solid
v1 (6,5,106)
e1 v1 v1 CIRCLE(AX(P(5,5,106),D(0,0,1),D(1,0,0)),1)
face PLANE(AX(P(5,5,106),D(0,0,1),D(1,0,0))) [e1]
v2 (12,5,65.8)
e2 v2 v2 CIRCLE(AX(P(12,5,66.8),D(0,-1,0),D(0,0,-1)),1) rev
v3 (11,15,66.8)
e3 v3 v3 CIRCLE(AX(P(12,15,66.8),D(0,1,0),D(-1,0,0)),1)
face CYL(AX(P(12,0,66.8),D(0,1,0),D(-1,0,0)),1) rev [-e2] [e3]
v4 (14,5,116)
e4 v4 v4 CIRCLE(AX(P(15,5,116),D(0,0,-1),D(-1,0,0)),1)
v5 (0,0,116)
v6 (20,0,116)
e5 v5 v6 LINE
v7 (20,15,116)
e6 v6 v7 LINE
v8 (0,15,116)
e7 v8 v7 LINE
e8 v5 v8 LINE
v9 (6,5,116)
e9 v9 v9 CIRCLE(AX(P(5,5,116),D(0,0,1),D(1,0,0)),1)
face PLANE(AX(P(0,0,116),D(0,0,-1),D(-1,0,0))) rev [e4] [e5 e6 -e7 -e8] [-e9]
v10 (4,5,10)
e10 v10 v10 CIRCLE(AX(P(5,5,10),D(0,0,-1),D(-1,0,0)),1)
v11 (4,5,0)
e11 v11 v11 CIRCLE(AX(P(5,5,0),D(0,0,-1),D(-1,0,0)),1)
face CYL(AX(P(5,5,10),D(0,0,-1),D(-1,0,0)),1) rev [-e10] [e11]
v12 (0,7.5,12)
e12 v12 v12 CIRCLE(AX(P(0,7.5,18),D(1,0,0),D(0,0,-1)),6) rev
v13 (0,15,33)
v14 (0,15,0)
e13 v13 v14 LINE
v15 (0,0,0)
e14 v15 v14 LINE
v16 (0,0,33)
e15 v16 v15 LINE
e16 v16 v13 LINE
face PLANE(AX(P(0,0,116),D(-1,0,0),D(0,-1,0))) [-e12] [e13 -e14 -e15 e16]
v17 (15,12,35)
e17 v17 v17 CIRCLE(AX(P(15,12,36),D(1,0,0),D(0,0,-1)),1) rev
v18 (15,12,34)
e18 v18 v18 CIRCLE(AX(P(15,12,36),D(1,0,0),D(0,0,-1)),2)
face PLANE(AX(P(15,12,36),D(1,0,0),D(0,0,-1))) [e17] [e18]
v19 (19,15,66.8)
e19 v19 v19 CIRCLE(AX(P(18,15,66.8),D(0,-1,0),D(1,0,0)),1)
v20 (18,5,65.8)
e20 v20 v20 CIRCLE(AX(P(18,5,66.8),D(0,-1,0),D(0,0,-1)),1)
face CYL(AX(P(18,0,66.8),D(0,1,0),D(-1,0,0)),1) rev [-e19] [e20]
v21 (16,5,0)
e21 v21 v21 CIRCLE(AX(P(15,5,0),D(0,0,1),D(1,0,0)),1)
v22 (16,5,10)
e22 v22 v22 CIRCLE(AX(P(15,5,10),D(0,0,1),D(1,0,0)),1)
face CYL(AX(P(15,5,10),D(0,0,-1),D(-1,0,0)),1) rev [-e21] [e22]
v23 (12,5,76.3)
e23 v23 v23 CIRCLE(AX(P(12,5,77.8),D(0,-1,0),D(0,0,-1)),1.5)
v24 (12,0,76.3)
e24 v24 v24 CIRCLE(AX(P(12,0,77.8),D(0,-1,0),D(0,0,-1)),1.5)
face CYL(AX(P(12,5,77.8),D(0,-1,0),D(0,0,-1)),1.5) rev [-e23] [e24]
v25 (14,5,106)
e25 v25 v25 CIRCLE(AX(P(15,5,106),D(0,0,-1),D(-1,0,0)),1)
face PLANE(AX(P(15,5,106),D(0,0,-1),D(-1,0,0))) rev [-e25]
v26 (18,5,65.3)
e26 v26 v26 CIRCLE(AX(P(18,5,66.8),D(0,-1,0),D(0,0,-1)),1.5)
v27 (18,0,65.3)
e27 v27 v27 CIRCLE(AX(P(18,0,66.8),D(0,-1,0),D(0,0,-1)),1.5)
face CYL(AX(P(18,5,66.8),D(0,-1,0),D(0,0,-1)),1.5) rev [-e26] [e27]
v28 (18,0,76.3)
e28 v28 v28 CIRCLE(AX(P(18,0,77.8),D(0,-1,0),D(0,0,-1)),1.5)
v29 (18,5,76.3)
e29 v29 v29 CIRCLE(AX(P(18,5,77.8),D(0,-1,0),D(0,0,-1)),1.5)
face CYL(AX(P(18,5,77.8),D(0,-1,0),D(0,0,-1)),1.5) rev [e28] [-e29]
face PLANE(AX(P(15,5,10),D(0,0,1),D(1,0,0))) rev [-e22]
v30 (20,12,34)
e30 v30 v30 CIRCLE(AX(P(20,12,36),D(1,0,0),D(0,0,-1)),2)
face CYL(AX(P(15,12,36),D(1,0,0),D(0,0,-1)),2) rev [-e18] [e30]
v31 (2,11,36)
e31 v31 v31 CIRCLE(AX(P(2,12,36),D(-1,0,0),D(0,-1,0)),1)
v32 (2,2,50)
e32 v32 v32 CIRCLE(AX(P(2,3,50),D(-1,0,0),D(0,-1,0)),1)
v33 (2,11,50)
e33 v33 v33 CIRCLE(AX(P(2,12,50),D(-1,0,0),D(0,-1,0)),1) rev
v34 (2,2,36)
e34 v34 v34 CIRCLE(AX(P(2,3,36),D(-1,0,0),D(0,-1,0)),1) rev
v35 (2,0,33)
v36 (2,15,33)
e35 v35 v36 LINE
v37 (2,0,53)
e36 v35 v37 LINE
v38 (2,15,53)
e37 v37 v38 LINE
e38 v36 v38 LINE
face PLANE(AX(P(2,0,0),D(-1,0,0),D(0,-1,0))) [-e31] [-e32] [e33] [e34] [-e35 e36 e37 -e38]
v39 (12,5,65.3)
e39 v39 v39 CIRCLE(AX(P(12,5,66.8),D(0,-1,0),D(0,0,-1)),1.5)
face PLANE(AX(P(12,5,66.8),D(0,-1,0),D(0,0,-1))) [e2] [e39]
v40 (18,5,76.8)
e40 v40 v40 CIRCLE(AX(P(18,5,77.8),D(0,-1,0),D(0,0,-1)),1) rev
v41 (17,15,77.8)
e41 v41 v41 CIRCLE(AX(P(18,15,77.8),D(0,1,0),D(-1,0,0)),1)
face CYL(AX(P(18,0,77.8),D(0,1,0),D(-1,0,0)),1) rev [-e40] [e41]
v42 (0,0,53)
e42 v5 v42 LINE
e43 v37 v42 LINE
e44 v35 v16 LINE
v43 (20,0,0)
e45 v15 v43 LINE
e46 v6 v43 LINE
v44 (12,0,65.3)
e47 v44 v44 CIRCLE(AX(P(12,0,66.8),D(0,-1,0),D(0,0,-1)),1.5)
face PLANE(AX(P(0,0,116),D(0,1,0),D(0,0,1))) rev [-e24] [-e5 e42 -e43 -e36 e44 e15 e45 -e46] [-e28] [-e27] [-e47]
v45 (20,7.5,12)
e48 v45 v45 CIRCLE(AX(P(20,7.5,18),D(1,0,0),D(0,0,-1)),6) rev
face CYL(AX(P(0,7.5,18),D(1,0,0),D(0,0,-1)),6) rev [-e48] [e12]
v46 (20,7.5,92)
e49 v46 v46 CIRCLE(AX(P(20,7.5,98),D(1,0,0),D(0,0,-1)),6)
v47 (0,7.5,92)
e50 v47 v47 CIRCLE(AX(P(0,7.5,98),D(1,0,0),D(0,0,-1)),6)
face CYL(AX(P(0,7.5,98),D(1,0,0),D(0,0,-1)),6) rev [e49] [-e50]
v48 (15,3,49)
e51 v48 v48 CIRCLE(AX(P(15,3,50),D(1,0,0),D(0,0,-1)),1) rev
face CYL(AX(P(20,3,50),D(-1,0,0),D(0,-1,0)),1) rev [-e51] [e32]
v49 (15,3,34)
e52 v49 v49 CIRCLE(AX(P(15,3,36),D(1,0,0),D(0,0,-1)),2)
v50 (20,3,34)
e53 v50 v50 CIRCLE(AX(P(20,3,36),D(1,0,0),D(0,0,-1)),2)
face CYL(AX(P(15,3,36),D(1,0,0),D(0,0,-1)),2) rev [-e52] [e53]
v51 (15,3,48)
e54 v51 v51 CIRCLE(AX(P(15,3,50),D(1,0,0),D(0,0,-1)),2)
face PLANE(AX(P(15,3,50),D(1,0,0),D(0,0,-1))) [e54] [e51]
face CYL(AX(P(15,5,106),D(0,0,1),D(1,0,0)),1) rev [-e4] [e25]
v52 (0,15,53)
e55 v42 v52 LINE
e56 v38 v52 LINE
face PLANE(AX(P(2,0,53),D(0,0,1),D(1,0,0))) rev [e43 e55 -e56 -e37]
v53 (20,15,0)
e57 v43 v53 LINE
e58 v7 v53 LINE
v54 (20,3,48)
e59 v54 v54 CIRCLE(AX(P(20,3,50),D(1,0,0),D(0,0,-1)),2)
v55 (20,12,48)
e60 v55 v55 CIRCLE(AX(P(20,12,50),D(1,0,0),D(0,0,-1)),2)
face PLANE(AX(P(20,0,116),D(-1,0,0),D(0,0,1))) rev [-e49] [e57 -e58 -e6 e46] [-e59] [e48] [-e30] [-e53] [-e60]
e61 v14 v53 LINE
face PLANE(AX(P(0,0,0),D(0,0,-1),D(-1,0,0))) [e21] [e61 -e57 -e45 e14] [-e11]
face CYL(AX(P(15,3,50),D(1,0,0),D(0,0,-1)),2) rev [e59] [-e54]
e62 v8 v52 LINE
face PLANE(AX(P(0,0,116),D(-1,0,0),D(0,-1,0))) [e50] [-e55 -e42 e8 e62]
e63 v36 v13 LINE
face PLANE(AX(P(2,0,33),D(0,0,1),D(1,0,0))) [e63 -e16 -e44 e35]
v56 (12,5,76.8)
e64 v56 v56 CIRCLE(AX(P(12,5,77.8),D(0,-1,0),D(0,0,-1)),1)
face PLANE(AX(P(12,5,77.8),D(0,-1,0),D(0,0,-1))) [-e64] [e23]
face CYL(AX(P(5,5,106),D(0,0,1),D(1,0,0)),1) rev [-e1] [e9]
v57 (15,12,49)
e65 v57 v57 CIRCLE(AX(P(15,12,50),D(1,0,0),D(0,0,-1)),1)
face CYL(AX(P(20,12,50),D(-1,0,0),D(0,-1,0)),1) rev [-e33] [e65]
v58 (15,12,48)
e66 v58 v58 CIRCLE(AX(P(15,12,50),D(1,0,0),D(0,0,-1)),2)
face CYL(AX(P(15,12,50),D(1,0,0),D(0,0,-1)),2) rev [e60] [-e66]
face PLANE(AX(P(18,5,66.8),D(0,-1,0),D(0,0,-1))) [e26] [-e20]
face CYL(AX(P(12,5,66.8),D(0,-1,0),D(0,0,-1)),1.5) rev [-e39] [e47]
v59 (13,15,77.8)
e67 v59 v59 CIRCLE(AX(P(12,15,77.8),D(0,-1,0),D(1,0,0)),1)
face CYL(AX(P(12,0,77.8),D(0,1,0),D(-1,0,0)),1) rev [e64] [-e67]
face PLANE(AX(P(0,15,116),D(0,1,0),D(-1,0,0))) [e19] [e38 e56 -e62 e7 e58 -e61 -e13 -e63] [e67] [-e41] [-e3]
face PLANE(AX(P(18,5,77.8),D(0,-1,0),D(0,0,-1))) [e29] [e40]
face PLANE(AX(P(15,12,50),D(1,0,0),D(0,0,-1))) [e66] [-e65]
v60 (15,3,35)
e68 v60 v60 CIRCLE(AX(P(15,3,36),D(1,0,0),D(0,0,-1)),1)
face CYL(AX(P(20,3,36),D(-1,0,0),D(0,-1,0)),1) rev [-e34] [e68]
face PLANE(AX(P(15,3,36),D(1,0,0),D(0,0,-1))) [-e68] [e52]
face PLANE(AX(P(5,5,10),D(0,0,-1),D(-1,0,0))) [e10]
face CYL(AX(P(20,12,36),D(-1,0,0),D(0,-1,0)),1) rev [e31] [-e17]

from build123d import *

# Parameters (mm, degrees)
SKETCH1_W           = 20
SKETCH1_H           = 15
BOSS_EXTRUDE1_DEPTH = 116
SKETCH1_5_R         = 1
CUT_EXTRUDE1_DEPTH  = 10
CUT_EXTRUDE2_START  = -10
SKETCH4_R           = 1
CUT_EXTRUDE2_DEPTH  = 10
SKETCH5_R           = 2.5
CUT_EXTRUDE3_DEPTH  = 119.663389468
SKETCH6_R           = 6
CUT_EXTRUDE4_DEPTH  = 119.663389468
SKETCH8_R           = 1
CUT_EXTRUDE5_DEPTH  = 119.663389468
SKETCH9_R           = 1.5
CUT_EXTRUDE6_DEPTH  = 5
SKETCH10_R          = 1
CUT_EXTRUDE7_DEPTH  = 119.663389468
SKETCH11_R          = 2
CUT_EXTRUDE8_DEPTH  = 5
SKETCH10_3_W        = 20
SKETCH10_3_H        = 15
SKETCH10_3_R        = 1
CUT_EXTRUDE9_DEPTH  = 2


with BuildPart() as part:
    # Sketch1 → Boss-Extrude1 (new body)
    with BuildSketch(Plane.XY):
        with Locations((10, 7.5)):
            Rectangle(SKETCH1_W, SKETCH1_H)
    extrude(amount=BOSS_EXTRUDE1_DEPTH)

    # Sketch1<5> → Cut-Extrude1 (cut)
    with BuildSketch(Plane.XY):
        with Locations((15, 5)):
            Circle(SKETCH1_5_R)
        with Locations((5, 5)):
            Circle(SKETCH1_5_R)
    extrude(amount=CUT_EXTRUDE1_DEPTH, mode=Mode.SUBTRACT)

    # Sketch4 → Cut-Extrude2 (cut)
    with BuildSketch(Plane.XY.offset(116).offset(CUT_EXTRUDE2_START)):
        with Locations((5, 5)):
            Circle(SKETCH4_R)
        with Locations((15, 5)):
            Circle(SKETCH4_R)
    extrude(amount=CUT_EXTRUDE2_DEPTH, mode=Mode.SUBTRACT)

    # Sketch5 → Cut-Extrude3 (cut, through all)
    with BuildSketch(Plane(origin=(20, 0, 0), x_dir=(0, 0, -1), z_dir=(1, 0, 0))):
        with Locations((-98, 7.5)):
            Circle(SKETCH5_R)
        with Locations((-18, 7.5)):
            Circle(SKETCH5_R)
    extrude(amount=-CUT_EXTRUDE3_DEPTH, mode=Mode.SUBTRACT)

    # Sketch6 → Cut-Extrude4 (cut, through all)
    with BuildSketch(Plane(origin=(20, 0, 0), x_dir=(0, 0, -1), z_dir=(1, 0, 0))):
        with Locations((-98, 7.5)):
            Circle(SKETCH6_R)
        with Locations((-18, 7.5)):
            Circle(SKETCH6_R)
    extrude(amount=-CUT_EXTRUDE4_DEPTH, mode=Mode.SUBTRACT)

    # Sketch8 → Cut-Extrude5 (cut, through all)
    with BuildSketch(Plane(origin=(0, 15, 0), x_dir=(1, 0, 0), z_dir=(0, 1, 0))):
        with Locations((12, -66.8)):
            Circle(SKETCH8_R)
        with Locations((18, -66.8)):
            Circle(SKETCH8_R)
        with Locations((18, -77.8)):
            Circle(SKETCH8_R)
        with Locations((12, -77.8)):
            Circle(SKETCH8_R)
    extrude(amount=-CUT_EXTRUDE5_DEPTH, mode=Mode.SUBTRACT)

    # Sketch9 → Cut-Extrude6 (cut)
    with BuildSketch(Plane(origin=(0, 0, 0), x_dir=(-1, 0, 0), z_dir=(0, -1, 0))):
        with Locations((-18, -66.8)):
            Circle(SKETCH9_R)
        with Locations((-18, -77.8)):
            Circle(SKETCH9_R)
        with Locations((-12, -77.8)):
            Circle(SKETCH9_R)
        with Locations((-12, -66.8)):
            Circle(SKETCH9_R)
    extrude(amount=-CUT_EXTRUDE6_DEPTH, mode=Mode.SUBTRACT)

    # Sketch10 → Cut-Extrude7 (cut, through all)
    with BuildSketch(Plane.ZY):
        with Locations((36, 12)):
            Circle(SKETCH10_R)
        with Locations((50, 12)):
            Circle(SKETCH10_R)
        with Locations((50, 3)):
            Circle(SKETCH10_R)
        with Locations((36, 3)):
            Circle(SKETCH10_R)
    extrude(amount=-CUT_EXTRUDE7_DEPTH, mode=Mode.SUBTRACT)

    # Sketch11 → Cut-Extrude8 (cut)
    with BuildSketch(Plane(origin=(20, 0, 0), x_dir=(0, 0, -1), z_dir=(1, 0, 0))):
        with Locations((-36, 12)):
            Circle(SKETCH11_R)
        with Locations((-36, 3)):
            Circle(SKETCH11_R)
        with Locations((-50, 3)):
            Circle(SKETCH11_R)
        with Locations((-50, 12)):
            Circle(SKETCH11_R)
    extrude(amount=-CUT_EXTRUDE8_DEPTH, mode=Mode.SUBTRACT)

    # Sketch10<3> → Cut-Extrude9 (cut)
    with BuildSketch(Plane.ZY):
        with Locations((43, 7.5)):
            Rectangle(SKETCH10_3_W, SKETCH10_3_H)
        with Locations((36, 3)):
            Circle(SKETCH10_3_R, mode=Mode.SUBTRACT)
        with Locations((36, 12)):
            Circle(SKETCH10_3_R, mode=Mode.SUBTRACT)
        with Locations((50, 3)):
            Circle(SKETCH10_3_R, mode=Mode.SUBTRACT)
        with Locations((50, 12)):
            Circle(SKETCH10_3_R, mode=Mode.SUBTRACT)
    extrude(amount=-CUT_EXTRUDE9_DEPTH, mode=Mode.SUBTRACT)


solid = part.part
